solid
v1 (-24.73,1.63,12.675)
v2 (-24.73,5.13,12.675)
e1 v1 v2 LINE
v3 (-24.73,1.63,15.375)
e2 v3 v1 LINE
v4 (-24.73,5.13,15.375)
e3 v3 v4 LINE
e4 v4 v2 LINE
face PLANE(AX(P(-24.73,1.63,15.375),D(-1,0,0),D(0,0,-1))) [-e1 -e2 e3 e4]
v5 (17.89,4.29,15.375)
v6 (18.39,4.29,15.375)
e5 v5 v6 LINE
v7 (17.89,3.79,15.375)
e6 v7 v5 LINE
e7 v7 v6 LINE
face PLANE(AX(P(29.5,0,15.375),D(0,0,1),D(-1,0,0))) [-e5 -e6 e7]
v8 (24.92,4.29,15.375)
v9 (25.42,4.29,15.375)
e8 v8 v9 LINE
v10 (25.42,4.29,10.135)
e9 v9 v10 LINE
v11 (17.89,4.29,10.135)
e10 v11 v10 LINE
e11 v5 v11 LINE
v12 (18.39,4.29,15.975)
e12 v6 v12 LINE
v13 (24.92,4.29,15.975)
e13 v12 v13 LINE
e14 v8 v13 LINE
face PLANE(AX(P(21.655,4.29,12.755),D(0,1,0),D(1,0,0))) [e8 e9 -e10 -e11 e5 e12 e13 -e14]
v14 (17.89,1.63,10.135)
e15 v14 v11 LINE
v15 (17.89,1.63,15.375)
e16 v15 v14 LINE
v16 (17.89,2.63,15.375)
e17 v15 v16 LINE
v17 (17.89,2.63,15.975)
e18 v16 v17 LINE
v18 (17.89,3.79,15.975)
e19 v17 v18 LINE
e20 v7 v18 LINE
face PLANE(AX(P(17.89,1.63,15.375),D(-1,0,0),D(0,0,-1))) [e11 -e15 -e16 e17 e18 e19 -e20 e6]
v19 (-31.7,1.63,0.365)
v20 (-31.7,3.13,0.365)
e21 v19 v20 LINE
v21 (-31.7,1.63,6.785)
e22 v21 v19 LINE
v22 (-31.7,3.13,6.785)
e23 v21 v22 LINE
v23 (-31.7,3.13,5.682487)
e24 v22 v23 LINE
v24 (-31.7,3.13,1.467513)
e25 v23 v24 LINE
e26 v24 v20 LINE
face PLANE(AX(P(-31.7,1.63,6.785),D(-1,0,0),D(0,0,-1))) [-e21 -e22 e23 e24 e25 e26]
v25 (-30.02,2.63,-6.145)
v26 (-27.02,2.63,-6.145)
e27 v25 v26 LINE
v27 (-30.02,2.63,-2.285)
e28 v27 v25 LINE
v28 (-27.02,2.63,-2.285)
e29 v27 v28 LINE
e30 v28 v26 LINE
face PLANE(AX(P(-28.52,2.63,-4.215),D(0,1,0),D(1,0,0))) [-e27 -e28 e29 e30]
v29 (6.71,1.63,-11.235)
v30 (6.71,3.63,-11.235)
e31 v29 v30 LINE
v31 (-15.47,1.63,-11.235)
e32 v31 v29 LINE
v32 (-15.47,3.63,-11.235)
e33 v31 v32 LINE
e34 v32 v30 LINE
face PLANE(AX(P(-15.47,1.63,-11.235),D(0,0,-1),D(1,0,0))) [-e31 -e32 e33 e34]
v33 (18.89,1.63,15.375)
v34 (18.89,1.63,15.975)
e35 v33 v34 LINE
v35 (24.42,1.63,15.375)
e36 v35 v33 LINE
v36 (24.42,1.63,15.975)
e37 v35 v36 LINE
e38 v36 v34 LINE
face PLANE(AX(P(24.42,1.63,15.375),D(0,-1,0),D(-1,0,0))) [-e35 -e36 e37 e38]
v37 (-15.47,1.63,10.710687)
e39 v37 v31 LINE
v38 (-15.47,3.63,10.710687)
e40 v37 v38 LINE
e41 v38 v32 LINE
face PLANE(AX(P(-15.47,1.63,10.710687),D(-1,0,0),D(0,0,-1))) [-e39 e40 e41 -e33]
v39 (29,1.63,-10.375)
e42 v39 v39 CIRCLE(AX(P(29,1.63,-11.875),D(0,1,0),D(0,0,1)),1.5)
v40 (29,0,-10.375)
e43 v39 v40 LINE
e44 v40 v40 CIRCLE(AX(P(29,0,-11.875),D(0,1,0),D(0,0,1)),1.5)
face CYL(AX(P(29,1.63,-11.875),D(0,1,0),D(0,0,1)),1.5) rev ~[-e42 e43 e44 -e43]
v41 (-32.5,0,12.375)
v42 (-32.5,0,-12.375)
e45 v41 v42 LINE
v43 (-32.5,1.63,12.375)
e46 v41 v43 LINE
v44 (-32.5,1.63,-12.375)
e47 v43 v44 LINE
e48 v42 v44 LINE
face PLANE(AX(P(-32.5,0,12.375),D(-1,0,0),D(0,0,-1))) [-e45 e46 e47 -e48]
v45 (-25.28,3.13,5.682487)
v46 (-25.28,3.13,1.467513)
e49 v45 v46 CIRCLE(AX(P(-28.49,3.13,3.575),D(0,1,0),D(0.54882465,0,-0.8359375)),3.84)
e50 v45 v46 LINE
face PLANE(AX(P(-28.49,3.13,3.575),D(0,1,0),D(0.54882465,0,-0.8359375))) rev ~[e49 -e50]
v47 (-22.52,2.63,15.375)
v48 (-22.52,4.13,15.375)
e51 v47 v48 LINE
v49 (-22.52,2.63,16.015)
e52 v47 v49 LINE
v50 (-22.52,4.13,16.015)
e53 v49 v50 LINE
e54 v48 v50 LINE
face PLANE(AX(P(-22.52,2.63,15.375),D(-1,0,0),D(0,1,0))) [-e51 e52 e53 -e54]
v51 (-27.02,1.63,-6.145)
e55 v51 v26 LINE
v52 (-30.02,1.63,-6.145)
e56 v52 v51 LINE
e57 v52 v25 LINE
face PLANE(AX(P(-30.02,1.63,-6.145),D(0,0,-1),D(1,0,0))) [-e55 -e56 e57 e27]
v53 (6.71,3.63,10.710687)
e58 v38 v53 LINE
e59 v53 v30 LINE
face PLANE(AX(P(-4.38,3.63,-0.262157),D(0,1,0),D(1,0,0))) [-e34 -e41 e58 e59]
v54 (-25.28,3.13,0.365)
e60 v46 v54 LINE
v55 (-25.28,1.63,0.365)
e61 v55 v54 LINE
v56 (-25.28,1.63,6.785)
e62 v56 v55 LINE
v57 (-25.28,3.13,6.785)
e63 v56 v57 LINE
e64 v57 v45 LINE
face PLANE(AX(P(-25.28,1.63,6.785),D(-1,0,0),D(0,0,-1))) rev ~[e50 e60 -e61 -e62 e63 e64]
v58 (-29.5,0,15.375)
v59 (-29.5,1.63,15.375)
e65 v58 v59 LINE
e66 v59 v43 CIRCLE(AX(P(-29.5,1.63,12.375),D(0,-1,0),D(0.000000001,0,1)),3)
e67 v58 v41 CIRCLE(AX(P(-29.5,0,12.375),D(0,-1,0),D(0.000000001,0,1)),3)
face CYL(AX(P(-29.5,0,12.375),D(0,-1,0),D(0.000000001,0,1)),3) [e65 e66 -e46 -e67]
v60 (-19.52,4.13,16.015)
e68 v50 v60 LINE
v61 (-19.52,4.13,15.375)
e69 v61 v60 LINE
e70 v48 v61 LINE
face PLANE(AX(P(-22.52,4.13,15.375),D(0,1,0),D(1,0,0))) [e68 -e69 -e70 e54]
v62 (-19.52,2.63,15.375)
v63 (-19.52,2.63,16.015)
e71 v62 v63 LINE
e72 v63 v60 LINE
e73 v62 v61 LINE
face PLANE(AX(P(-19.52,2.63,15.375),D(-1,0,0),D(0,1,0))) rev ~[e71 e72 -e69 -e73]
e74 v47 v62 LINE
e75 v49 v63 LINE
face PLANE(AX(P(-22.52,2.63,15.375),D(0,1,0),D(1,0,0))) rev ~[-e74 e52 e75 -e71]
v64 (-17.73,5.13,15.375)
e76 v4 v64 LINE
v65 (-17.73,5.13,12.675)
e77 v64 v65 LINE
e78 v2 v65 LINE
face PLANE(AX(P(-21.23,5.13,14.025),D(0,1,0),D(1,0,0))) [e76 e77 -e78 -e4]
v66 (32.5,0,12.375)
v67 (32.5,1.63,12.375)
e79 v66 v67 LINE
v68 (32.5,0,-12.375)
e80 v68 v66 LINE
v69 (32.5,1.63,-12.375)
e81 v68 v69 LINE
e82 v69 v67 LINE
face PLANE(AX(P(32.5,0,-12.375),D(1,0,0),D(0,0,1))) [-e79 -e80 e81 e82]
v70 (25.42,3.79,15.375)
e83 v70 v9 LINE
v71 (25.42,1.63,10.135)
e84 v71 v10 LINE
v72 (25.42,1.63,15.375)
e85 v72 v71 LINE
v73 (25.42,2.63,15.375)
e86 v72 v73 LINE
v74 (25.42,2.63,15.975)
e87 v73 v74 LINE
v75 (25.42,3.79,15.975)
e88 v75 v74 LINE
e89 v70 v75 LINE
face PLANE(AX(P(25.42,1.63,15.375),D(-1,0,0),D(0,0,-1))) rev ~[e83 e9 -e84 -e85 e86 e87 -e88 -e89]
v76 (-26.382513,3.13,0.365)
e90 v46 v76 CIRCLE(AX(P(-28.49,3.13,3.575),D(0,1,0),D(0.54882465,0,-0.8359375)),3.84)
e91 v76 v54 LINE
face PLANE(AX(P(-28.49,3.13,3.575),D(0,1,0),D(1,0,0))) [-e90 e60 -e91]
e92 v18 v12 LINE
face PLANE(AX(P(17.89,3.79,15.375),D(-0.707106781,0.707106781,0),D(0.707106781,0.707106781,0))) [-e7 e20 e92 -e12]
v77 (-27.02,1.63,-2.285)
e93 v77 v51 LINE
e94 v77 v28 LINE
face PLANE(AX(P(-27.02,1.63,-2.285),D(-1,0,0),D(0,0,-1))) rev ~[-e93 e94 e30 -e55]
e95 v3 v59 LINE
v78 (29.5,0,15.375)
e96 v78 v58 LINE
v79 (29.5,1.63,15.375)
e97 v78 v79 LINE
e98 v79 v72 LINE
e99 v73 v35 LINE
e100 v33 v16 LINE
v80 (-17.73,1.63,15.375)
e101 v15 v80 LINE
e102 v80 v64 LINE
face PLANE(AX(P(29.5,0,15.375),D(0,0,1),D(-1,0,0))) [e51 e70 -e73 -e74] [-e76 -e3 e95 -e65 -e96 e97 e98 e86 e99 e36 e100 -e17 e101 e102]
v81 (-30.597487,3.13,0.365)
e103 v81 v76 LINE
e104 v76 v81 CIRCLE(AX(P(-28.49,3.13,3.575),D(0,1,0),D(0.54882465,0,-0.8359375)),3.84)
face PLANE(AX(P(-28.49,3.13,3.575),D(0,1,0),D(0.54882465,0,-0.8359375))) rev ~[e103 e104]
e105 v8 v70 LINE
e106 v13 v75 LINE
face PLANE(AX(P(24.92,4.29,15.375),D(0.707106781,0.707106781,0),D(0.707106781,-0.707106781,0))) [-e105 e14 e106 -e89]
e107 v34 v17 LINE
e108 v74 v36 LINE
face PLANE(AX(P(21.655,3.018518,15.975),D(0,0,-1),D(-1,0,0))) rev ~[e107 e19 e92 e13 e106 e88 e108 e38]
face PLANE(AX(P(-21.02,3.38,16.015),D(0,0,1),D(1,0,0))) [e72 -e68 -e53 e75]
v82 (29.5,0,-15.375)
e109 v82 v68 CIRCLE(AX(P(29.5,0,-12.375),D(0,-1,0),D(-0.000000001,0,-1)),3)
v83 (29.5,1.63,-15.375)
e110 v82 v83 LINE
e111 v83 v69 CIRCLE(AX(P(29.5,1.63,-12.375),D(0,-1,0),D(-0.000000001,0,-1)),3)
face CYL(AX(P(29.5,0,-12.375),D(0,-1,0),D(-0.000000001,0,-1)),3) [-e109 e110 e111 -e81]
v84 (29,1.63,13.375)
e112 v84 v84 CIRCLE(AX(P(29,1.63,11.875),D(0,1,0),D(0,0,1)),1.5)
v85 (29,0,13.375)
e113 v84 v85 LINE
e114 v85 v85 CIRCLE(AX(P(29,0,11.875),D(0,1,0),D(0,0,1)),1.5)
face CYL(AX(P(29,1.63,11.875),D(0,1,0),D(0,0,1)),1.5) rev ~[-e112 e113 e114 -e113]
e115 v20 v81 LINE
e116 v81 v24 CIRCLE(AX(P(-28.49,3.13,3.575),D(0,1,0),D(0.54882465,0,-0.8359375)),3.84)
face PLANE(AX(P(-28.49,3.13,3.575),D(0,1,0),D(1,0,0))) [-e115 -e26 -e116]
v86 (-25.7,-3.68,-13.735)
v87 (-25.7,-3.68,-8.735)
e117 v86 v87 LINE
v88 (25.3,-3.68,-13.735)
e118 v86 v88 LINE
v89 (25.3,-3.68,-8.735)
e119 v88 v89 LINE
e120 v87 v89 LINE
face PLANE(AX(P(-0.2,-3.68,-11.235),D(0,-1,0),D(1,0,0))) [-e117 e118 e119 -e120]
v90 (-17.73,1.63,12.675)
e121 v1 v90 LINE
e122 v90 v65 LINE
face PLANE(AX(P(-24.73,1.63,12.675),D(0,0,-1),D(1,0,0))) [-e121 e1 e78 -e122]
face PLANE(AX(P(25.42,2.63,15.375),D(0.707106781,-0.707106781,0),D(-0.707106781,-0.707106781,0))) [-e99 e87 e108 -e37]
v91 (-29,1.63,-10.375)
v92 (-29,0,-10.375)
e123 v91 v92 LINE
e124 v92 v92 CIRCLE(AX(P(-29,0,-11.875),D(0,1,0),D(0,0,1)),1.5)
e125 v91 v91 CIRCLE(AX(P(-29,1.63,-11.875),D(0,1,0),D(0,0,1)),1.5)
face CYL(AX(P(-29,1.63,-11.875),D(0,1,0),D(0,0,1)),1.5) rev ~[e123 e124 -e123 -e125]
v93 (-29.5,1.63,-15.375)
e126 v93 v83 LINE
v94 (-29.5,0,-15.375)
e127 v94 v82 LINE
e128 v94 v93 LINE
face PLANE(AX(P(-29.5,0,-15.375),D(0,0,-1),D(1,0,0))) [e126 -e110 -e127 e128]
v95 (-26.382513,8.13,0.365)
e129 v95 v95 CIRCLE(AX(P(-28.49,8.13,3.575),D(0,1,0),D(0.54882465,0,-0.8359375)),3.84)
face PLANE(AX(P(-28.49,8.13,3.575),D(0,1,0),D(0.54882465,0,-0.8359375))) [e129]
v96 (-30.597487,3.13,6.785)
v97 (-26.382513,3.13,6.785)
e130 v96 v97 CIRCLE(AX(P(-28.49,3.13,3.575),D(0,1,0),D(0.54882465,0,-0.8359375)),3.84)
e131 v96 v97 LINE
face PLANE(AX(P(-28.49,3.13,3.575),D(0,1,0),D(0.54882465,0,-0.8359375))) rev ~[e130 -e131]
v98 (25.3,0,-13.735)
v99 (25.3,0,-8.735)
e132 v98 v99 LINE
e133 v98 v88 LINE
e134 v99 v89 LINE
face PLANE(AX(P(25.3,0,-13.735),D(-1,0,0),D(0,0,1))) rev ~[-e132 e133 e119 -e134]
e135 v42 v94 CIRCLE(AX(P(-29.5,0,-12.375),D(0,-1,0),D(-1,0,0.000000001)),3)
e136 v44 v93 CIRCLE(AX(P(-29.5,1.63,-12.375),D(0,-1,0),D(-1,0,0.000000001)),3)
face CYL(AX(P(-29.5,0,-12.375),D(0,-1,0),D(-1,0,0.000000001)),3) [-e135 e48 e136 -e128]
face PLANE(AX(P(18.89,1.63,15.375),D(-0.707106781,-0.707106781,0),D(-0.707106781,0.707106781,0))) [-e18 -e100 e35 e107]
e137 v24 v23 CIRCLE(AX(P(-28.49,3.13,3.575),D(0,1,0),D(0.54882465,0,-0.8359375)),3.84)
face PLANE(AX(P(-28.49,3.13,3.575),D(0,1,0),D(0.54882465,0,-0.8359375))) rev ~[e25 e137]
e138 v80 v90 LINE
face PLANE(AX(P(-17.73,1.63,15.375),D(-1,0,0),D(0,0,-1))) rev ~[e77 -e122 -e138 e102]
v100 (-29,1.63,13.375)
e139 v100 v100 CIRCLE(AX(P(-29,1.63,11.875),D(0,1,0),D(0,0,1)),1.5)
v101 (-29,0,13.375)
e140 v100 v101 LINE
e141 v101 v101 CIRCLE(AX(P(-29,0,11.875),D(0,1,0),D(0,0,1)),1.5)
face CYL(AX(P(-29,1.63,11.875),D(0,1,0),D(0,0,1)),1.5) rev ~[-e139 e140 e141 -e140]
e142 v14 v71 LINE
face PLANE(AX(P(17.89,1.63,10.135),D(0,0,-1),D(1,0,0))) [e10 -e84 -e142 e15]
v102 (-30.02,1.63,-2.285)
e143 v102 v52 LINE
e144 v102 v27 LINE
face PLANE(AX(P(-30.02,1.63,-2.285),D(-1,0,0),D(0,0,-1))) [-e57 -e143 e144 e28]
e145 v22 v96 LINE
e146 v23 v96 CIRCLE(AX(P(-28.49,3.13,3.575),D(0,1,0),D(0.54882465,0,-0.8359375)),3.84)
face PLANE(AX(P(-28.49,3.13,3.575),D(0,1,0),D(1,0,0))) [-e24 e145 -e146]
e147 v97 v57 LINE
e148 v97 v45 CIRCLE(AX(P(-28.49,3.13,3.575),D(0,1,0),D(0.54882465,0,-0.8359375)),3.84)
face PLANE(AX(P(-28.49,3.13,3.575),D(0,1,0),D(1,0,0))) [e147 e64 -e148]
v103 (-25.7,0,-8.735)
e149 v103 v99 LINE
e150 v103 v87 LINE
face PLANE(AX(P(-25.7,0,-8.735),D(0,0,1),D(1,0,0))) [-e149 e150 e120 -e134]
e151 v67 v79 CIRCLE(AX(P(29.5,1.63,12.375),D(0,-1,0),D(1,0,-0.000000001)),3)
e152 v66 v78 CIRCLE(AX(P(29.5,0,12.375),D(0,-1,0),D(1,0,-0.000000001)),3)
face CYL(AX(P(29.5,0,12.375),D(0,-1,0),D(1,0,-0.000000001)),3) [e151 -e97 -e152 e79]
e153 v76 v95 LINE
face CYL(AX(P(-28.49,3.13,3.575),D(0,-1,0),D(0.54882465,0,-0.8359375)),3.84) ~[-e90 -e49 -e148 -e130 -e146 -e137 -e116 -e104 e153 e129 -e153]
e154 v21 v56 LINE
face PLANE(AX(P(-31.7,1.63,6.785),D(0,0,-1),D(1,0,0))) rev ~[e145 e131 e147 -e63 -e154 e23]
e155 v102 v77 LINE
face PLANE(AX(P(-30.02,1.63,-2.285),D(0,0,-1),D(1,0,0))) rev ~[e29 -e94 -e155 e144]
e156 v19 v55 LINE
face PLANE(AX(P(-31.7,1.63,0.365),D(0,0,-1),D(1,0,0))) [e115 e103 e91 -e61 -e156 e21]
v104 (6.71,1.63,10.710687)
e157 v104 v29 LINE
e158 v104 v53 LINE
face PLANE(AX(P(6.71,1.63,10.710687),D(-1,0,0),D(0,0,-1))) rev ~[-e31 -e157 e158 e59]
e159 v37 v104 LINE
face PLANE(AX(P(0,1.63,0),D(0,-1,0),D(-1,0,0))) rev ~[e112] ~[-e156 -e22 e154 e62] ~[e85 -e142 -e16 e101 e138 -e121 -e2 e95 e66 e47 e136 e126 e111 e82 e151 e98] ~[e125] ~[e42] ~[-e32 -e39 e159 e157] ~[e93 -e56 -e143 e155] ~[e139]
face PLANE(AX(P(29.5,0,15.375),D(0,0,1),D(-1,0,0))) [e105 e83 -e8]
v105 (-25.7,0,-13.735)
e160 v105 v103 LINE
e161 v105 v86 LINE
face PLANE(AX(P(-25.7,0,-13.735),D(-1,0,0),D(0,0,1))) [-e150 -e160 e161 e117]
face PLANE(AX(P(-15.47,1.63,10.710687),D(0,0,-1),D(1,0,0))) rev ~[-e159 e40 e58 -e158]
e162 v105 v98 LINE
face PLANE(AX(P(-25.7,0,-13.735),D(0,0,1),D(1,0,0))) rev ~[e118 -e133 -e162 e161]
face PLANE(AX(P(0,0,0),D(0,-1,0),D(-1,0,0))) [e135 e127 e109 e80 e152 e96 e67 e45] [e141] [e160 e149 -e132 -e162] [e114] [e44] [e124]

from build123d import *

# Parameters (mm, degrees)
EXTRUDE_1_DEPTH     = 1.63
SKETCH_2_R          = 1.5
CUT_EXTRUDE_1_DEPTH = 36.99024208
SKETCH_8_W          = 51
SKETCH_8_H          = 5
EXTRUDE_6_DEPTH     = 3.68
SKETCH_9_W          = 7
SKETCH_9_H          = 2.7
EXTRUDE_7_DEPTH     = 3.5
SKETCH_10_W         = 7.53
SKETCH_10_H         = 5.24
EXTRUDE_8_DEPTH     = 2.66
SKETCH_11_W         = 22.18
SKETCH_11_H         = 21.945686578
EXTRUDE_9_DEPTH     = 2
SKETCH_12_W         = 6.42
SKETCH_12_H         = 6.42
EXTRUDE_10_DEPTH    = 1.5
SKETCH_13_W         = 3
SKETCH_13_H         = 3.86
EXTRUDE_11_DEPTH    = 1
SKETCH_14_R         = 3.84
EXTRUDE_12_DEPTH    = 5
SKETCH_15_W         = 3
SKETCH_15_H         = 1.5
EXTRUDE_13_DEPTH    = 0.64
EXTRUDE_14_DEPTH    = 0.6


with BuildPart() as part:
    # 草图1 → 凸台-拉伸1 (new body)
    with BuildSketch(Plane(origin=(0, 0, 0), x_dir=(1, 0, 0), z_dir=(0, 1, 0))):
        with BuildLine():
            Line((-29.5, 15.375), (29.5, 15.375))
            ThreePointArc((29.5, 15.375), (31.621320344, 14.496320344), (32.5, 12.375))
            Line((32.5, 12.375), (32.5, -12.375))
            ThreePointArc((32.5, -12.375), (31.621320344, -14.496320344), (29.5, -15.375))
            Line((29.5, -15.375), (-29.5, -15.375))
            ThreePointArc((-29.5, -15.375), (-31.621320344, -14.496320344), (-32.5, -12.375))
            Line((-32.5, -12.375), (-32.5, 12.375))
            ThreePointArc((-32.5, 12.375), (-31.621320344, 14.496320344), (-29.5, 15.375))
        make_face()
    extrude(amount=EXTRUDE_1_DEPTH)

    # 草图2 → 切除-拉伸1 (cut, through all)
    with BuildSketch(Plane(origin=(0, 1.63, 0), x_dir=(1, 0, 0), z_dir=(0, 1, 0))):
        with Locations(Location((-29, 11.875, 0), (0, 0, 270))):
            Circle(SKETCH_2_R)
        with Locations(Location((-29, -11.875, 0), (0, 0, 270))):
            Circle(SKETCH_2_R)
        with Locations(Location((29, -11.875, 0), (0, 0, 270))):
            Circle(SKETCH_2_R)
        with Locations(Location((29, 11.875, 0), (0, 0, 270))):
            Circle(SKETCH_2_R)
    extrude(amount=-CUT_EXTRUDE_1_DEPTH, mode=Mode.SUBTRACT)

    # 草图8 → 凸台-拉伸6 (add)
    with BuildSketch(Plane.XZ):
        with Locations((-0.2, -11.235)):
            Rectangle(SKETCH_8_W, SKETCH_8_H)
    extrude(amount=EXTRUDE_6_DEPTH)

    # 草图9 → 凸台-拉伸7 (add)
    with BuildSketch(Plane(origin=(0, 1.63, 0), x_dir=(1, 0, 0), z_dir=(0, 1, 0))):
        with Locations((-21.23, -14.025)):
            Rectangle(SKETCH_9_W, SKETCH_9_H)
    extrude(amount=EXTRUDE_7_DEPTH)

    # 草图10 → 凸台-拉伸8 (add)
    with BuildSketch(Plane(origin=(0, 1.63, 0), x_dir=(1, 0, 0), z_dir=(0, 1, 0))):
        with Locations((21.655, -12.755)):
            Rectangle(SKETCH_10_W, SKETCH_10_H)
    extrude(amount=EXTRUDE_8_DEPTH)

    # 草图11 → 凸台-拉伸9 (add)
    with BuildSketch(Plane(origin=(0, 1.63, 0), x_dir=(1, 0, 0), z_dir=(0, 1, 0))):
        with Locations((-4.38, 0.262156711)):
            Rectangle(SKETCH_11_W, SKETCH_11_H)
    extrude(amount=EXTRUDE_9_DEPTH)

    # 草图12 → 凸台-拉伸10 (add)
    with BuildSketch(Plane(origin=(0, 1.63, 0), x_dir=(1, 0, 0), z_dir=(0, 1, 0))):
        with Locations((-28.49, -3.575)):
            Rectangle(SKETCH_12_W, SKETCH_12_H)
    extrude(amount=EXTRUDE_10_DEPTH)

    # 草图13 → 凸台-拉伸11 (add)
    with BuildSketch(Plane(origin=(0, 1.63, 0), x_dir=(1, 0, 0), z_dir=(0, 1, 0))):
        with Locations((-28.52, 4.215)):
            Rectangle(SKETCH_13_W, SKETCH_13_H)
    extrude(amount=EXTRUDE_11_DEPTH)

    # 草图14 → 凸台-拉伸12 (add)
    with BuildSketch(Plane(origin=(0, 3.13, 0), x_dir=(1, 0, 0), z_dir=(0, 1, 0))):
        with Locations(Location((-28.49, -3.575, 0), (0, 0, 56.713583662))):
            Circle(SKETCH_14_R)
    extrude(amount=EXTRUDE_12_DEPTH)

    # 草图15 → 凸台-拉伸13 (add)
    with BuildSketch(Plane.XY.offset(15.375)):
        with Locations((-21.02, 3.38)):
            Rectangle(SKETCH_15_W, SKETCH_15_H)
    extrude(amount=EXTRUDE_13_DEPTH)

    # 草图16 → 凸台-拉伸14 (add)
    with BuildSketch(Plane.XY.offset(15.375)):
        Polygon((17.89, 3.79), (18.39, 4.29), (24.92, 4.29), (25.42, 3.79), (25.42, 2.63), (24.42, 1.63), (18.89, 1.63), (17.89, 2.63), align=None)
    extrude(amount=EXTRUDE_14_DEPTH)


solid = part.part
